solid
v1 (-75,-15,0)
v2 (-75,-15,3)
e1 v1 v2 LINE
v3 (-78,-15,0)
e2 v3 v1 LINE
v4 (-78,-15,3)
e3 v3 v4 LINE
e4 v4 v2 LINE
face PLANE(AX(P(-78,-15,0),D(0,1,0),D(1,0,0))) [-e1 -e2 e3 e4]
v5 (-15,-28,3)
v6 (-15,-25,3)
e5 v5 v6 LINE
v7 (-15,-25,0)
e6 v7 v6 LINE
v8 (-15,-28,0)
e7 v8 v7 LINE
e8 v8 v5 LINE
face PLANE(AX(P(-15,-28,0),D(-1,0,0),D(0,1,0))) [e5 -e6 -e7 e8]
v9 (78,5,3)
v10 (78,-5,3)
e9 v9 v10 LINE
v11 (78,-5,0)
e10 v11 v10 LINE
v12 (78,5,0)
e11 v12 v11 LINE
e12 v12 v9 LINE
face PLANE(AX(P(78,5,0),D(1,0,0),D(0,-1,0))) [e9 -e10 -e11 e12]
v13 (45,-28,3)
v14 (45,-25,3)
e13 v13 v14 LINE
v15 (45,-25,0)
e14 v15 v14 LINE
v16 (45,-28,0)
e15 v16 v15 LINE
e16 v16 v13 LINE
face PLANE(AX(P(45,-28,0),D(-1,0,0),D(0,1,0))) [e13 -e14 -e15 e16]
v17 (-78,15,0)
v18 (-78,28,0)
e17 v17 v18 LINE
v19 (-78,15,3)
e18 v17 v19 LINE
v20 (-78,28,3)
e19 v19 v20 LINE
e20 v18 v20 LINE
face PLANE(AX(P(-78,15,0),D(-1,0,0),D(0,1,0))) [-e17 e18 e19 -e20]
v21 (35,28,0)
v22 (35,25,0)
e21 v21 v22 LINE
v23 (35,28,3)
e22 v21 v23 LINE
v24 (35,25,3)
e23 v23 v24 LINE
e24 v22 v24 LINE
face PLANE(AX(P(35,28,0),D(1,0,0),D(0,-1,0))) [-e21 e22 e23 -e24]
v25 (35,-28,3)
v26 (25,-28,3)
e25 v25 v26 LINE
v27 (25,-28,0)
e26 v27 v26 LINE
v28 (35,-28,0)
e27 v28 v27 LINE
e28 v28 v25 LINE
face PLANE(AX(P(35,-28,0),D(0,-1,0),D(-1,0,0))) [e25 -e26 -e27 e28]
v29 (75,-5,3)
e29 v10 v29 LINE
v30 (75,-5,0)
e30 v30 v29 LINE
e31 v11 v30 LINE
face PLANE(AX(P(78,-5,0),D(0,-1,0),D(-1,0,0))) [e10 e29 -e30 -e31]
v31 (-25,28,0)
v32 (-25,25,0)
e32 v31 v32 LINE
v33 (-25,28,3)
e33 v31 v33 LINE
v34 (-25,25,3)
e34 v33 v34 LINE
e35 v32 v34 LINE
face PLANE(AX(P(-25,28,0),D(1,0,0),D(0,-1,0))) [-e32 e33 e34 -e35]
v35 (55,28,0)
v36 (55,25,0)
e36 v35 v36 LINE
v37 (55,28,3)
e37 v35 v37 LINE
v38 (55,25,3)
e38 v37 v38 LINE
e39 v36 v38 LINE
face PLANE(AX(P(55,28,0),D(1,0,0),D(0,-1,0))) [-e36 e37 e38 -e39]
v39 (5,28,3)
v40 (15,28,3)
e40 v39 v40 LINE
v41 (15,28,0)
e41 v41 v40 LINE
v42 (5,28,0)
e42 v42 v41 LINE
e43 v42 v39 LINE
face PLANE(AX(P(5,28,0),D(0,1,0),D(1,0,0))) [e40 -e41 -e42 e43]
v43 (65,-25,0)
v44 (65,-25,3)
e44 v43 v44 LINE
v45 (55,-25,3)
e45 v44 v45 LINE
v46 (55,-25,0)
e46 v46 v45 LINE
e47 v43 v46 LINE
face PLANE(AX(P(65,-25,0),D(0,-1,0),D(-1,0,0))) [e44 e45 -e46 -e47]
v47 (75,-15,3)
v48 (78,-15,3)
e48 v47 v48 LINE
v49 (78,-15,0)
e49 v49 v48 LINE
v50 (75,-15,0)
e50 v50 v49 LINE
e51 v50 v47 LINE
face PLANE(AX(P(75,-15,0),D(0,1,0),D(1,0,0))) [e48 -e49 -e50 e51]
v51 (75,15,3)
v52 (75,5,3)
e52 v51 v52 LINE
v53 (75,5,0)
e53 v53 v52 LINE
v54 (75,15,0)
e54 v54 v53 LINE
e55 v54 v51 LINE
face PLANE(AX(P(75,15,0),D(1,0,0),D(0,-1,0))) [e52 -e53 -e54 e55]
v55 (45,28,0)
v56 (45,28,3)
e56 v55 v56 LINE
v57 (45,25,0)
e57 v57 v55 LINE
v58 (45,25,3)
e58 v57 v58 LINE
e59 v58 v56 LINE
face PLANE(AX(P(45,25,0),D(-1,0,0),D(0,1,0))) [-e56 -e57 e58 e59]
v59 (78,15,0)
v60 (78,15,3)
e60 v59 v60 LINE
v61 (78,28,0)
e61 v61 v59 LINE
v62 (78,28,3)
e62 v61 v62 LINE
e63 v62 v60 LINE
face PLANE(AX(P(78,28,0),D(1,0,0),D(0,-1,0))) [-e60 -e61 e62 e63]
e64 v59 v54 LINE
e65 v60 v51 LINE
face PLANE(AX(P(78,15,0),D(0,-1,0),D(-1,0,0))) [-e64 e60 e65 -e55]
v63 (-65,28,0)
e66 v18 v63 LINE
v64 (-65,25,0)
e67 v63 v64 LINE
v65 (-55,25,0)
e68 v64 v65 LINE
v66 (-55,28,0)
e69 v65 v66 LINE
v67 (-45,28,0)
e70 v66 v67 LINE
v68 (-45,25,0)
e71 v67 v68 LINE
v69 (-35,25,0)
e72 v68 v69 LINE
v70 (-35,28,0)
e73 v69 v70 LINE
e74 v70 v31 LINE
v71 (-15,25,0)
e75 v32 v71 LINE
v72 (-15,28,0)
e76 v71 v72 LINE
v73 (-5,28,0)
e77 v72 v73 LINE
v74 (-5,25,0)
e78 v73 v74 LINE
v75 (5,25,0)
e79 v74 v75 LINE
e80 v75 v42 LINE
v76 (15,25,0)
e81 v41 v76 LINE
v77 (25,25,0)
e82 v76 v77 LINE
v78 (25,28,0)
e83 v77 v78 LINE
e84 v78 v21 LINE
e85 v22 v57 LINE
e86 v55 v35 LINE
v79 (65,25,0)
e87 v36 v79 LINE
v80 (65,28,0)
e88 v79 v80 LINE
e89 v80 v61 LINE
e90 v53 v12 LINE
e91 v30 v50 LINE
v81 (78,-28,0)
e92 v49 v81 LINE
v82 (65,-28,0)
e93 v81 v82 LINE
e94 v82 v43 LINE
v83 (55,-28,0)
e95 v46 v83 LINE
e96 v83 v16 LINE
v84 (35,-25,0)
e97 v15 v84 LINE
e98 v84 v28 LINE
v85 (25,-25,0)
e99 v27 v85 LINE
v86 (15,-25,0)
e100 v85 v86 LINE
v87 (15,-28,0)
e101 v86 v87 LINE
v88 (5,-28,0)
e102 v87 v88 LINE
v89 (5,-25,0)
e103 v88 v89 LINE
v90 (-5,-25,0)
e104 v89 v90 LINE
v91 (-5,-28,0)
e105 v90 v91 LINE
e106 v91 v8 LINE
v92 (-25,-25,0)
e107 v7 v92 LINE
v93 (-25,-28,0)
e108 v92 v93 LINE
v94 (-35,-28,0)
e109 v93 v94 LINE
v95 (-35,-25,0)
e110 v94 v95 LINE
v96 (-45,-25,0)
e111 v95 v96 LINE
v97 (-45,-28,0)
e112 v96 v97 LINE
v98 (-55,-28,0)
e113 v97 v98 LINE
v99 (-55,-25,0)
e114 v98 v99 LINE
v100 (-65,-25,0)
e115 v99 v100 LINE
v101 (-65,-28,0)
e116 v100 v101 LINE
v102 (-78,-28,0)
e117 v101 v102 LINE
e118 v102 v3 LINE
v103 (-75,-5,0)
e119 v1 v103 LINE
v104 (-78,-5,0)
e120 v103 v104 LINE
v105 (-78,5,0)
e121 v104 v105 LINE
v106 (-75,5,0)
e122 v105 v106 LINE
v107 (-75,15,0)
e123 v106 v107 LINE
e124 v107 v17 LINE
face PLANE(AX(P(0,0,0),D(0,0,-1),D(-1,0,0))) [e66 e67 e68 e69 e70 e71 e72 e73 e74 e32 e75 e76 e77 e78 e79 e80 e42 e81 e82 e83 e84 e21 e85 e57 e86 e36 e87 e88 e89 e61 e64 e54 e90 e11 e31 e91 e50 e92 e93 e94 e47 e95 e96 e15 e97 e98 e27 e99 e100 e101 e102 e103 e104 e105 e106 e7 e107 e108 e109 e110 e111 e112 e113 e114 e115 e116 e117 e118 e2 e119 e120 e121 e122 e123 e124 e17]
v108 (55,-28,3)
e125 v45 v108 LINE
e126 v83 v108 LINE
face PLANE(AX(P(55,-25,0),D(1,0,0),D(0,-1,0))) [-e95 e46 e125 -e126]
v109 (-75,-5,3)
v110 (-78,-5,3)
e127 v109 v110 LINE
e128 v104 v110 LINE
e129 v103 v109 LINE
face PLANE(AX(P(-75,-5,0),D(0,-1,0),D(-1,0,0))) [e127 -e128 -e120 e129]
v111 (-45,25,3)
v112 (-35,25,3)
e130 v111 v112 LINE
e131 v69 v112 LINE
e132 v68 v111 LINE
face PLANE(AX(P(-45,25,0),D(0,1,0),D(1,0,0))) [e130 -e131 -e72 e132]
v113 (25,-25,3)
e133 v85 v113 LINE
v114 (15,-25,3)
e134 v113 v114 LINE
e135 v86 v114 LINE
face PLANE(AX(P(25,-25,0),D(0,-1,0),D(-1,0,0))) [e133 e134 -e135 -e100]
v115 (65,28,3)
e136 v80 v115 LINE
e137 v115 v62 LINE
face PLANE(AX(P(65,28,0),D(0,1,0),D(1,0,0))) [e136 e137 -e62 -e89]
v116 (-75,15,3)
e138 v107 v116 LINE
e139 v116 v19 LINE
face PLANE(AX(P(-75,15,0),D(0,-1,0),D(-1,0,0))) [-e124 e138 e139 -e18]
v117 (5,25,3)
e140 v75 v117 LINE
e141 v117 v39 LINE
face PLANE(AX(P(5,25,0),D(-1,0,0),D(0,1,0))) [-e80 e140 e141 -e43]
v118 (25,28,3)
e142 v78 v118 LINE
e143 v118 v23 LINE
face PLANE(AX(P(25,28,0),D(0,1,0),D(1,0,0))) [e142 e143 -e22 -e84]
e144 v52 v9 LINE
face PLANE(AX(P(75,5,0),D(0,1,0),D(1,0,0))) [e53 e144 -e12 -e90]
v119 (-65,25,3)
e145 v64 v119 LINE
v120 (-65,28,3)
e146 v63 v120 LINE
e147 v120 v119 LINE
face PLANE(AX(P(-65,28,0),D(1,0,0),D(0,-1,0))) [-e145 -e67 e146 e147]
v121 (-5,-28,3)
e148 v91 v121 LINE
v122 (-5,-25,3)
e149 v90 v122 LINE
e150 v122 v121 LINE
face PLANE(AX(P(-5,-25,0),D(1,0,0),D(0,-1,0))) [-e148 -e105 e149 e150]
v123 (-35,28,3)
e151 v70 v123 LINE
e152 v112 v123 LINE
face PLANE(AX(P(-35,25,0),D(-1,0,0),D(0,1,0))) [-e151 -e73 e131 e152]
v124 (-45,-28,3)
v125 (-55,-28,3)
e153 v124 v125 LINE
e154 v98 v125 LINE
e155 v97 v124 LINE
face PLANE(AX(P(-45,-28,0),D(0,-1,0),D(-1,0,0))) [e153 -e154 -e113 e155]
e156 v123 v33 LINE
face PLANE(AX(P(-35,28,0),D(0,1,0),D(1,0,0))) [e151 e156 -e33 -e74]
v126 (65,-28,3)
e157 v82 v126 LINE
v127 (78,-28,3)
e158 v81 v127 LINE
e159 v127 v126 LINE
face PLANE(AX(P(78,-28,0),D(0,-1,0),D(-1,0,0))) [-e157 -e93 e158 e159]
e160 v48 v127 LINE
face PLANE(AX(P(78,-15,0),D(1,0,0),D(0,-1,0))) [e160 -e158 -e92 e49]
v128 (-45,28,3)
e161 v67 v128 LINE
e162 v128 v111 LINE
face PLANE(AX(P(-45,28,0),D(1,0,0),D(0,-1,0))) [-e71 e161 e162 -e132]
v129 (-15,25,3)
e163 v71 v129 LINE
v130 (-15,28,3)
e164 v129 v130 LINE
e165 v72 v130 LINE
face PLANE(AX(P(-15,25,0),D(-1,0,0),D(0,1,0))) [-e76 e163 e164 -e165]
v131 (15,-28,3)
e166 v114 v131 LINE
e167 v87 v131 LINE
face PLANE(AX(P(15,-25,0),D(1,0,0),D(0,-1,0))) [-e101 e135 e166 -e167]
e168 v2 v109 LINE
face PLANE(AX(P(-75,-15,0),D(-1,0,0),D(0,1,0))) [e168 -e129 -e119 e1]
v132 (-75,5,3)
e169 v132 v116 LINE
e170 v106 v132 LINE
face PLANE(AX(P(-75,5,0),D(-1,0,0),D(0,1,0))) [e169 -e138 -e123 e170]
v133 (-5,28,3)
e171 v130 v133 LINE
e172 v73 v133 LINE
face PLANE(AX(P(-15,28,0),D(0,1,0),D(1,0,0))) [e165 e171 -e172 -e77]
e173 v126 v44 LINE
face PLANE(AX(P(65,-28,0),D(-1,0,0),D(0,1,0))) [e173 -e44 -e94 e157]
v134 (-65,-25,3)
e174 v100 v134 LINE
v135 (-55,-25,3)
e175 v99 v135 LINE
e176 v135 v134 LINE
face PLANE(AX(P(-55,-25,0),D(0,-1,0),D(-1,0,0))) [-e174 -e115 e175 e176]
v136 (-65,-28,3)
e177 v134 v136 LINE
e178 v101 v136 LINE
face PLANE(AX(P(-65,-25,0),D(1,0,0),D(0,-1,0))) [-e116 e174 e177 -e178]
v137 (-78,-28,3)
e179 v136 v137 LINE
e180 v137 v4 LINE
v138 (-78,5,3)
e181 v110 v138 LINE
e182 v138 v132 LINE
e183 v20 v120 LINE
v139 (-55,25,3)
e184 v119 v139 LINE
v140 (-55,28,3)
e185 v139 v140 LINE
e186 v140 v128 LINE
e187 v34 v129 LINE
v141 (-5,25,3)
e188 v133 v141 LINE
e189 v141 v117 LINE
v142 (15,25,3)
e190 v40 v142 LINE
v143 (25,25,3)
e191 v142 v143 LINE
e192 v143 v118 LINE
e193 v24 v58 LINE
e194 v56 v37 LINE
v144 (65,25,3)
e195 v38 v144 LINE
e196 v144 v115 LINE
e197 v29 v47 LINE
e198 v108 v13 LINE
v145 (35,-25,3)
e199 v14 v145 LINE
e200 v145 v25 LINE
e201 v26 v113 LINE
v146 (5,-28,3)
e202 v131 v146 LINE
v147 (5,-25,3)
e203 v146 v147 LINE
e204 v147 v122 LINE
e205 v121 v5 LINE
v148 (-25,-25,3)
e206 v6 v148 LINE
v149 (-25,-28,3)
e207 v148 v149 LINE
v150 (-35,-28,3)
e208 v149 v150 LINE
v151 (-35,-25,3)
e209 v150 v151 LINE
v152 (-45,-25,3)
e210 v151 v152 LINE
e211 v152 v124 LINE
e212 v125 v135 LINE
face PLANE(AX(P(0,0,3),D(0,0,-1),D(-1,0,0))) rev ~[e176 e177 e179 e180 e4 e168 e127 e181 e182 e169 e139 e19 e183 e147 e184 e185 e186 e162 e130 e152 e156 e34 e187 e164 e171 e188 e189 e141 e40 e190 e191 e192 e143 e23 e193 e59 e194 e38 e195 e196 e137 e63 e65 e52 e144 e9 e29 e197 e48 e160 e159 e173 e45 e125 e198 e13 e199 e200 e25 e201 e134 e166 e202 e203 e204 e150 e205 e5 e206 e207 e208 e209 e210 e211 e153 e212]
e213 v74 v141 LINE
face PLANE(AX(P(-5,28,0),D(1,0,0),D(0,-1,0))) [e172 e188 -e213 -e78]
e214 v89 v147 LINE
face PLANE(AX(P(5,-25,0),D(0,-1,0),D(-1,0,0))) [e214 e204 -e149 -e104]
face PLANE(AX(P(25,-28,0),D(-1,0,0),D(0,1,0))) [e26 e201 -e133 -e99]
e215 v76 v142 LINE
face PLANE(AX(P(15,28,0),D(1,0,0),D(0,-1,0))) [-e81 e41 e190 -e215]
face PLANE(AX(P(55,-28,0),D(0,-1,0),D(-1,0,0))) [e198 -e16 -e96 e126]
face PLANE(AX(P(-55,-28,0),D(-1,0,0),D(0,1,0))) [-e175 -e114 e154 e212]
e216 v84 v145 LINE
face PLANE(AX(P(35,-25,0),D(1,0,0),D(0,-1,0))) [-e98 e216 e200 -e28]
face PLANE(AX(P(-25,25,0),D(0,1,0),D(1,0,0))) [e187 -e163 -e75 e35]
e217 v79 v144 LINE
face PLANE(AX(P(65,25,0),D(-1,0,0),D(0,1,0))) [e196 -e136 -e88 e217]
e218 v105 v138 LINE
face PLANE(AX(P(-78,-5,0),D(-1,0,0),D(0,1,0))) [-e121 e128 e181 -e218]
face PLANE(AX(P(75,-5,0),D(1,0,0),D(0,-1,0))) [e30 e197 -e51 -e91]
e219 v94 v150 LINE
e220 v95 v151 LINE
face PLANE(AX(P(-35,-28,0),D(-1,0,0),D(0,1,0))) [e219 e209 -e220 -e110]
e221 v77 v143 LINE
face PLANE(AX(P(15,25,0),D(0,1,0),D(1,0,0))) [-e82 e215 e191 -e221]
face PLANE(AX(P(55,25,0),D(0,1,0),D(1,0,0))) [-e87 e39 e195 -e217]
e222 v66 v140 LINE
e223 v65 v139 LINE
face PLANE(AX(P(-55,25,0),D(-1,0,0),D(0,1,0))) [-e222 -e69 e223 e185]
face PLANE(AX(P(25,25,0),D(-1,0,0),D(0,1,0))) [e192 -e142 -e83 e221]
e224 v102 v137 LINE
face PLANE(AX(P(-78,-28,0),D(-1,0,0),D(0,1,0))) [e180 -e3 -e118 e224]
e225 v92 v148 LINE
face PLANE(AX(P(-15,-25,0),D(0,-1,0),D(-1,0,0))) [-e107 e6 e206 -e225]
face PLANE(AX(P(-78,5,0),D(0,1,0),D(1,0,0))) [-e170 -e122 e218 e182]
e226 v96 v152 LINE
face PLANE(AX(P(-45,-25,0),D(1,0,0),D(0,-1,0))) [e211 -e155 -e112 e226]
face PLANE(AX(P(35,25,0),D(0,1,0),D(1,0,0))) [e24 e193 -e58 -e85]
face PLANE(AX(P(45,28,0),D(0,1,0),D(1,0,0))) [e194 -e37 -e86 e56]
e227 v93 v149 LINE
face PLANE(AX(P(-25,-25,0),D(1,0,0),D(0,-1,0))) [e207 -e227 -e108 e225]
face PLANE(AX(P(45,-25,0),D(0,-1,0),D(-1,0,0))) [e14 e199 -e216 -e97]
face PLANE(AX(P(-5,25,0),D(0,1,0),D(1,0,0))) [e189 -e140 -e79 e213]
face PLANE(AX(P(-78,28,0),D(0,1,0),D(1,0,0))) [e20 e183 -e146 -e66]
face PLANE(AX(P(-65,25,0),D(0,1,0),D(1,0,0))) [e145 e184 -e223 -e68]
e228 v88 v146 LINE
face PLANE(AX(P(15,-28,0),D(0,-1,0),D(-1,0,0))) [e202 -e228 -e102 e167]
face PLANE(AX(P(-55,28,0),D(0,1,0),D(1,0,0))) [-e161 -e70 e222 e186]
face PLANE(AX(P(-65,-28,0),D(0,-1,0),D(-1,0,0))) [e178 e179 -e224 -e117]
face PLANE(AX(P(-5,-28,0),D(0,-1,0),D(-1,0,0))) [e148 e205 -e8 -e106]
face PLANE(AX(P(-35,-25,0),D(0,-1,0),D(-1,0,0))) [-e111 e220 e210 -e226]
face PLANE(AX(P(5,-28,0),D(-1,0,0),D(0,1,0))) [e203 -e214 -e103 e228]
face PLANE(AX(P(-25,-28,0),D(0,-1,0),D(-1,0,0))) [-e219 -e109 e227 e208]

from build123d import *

# Parameters (mm, degrees)
BOSS_EXTRUDE1_DEPTH = 3


with BuildPart() as part:
    # Sketch1 → Boss-Extrude1 (new body)
    with BuildSketch(Plane.XY):
        Polygon((15, 28), (15, 25), (25, 25), (25, 28), (35, 28), (35, 25), (45, 25), (45, 28), (55, 28), (55, 25), (65, 25), (65, 28), (78, 28), (78, 15), (75, 15), (75, 5), (78, 5), (78, -5), (75, -5), (75, -15), (78, -15), (78, -28), (65, -28), (65, -25), (55, -25), (55, -28), (45, -28), (45, -25), (35, -25), (35, -28), (25, -28), (25, -25), (15, -25), (15, -28), (5, -28), (5, -25), (-5, -25), (-5, -28), (-15, -28), (-15, -25), (-25, -25), (-25, -28), (-35, -28), (-35, -25), (-45, -25), (-45, -28), (-55, -28), (-55, -25), (-65, -25), (-65, -28), (-78, -28), (-78, -15), (-75, -15), (-75, -5), (-78, -5), (-78, 5), (-75, 5), (-75, 15), (-78, 15), (-78, 28), (-65, 28), (-65, 25), (-55, 25), (-55, 28), (-45, 28), (-45, 25), (-35, 25), (-35, 28), (-25, 28), (-25, 25), (-15, 25), (-15, 28), (-5, 28), (-5, 25), (5, 25), (5, 28), align=None)
    extrude(amount=BOSS_EXTRUDE1_DEPTH)


solid = part.part
